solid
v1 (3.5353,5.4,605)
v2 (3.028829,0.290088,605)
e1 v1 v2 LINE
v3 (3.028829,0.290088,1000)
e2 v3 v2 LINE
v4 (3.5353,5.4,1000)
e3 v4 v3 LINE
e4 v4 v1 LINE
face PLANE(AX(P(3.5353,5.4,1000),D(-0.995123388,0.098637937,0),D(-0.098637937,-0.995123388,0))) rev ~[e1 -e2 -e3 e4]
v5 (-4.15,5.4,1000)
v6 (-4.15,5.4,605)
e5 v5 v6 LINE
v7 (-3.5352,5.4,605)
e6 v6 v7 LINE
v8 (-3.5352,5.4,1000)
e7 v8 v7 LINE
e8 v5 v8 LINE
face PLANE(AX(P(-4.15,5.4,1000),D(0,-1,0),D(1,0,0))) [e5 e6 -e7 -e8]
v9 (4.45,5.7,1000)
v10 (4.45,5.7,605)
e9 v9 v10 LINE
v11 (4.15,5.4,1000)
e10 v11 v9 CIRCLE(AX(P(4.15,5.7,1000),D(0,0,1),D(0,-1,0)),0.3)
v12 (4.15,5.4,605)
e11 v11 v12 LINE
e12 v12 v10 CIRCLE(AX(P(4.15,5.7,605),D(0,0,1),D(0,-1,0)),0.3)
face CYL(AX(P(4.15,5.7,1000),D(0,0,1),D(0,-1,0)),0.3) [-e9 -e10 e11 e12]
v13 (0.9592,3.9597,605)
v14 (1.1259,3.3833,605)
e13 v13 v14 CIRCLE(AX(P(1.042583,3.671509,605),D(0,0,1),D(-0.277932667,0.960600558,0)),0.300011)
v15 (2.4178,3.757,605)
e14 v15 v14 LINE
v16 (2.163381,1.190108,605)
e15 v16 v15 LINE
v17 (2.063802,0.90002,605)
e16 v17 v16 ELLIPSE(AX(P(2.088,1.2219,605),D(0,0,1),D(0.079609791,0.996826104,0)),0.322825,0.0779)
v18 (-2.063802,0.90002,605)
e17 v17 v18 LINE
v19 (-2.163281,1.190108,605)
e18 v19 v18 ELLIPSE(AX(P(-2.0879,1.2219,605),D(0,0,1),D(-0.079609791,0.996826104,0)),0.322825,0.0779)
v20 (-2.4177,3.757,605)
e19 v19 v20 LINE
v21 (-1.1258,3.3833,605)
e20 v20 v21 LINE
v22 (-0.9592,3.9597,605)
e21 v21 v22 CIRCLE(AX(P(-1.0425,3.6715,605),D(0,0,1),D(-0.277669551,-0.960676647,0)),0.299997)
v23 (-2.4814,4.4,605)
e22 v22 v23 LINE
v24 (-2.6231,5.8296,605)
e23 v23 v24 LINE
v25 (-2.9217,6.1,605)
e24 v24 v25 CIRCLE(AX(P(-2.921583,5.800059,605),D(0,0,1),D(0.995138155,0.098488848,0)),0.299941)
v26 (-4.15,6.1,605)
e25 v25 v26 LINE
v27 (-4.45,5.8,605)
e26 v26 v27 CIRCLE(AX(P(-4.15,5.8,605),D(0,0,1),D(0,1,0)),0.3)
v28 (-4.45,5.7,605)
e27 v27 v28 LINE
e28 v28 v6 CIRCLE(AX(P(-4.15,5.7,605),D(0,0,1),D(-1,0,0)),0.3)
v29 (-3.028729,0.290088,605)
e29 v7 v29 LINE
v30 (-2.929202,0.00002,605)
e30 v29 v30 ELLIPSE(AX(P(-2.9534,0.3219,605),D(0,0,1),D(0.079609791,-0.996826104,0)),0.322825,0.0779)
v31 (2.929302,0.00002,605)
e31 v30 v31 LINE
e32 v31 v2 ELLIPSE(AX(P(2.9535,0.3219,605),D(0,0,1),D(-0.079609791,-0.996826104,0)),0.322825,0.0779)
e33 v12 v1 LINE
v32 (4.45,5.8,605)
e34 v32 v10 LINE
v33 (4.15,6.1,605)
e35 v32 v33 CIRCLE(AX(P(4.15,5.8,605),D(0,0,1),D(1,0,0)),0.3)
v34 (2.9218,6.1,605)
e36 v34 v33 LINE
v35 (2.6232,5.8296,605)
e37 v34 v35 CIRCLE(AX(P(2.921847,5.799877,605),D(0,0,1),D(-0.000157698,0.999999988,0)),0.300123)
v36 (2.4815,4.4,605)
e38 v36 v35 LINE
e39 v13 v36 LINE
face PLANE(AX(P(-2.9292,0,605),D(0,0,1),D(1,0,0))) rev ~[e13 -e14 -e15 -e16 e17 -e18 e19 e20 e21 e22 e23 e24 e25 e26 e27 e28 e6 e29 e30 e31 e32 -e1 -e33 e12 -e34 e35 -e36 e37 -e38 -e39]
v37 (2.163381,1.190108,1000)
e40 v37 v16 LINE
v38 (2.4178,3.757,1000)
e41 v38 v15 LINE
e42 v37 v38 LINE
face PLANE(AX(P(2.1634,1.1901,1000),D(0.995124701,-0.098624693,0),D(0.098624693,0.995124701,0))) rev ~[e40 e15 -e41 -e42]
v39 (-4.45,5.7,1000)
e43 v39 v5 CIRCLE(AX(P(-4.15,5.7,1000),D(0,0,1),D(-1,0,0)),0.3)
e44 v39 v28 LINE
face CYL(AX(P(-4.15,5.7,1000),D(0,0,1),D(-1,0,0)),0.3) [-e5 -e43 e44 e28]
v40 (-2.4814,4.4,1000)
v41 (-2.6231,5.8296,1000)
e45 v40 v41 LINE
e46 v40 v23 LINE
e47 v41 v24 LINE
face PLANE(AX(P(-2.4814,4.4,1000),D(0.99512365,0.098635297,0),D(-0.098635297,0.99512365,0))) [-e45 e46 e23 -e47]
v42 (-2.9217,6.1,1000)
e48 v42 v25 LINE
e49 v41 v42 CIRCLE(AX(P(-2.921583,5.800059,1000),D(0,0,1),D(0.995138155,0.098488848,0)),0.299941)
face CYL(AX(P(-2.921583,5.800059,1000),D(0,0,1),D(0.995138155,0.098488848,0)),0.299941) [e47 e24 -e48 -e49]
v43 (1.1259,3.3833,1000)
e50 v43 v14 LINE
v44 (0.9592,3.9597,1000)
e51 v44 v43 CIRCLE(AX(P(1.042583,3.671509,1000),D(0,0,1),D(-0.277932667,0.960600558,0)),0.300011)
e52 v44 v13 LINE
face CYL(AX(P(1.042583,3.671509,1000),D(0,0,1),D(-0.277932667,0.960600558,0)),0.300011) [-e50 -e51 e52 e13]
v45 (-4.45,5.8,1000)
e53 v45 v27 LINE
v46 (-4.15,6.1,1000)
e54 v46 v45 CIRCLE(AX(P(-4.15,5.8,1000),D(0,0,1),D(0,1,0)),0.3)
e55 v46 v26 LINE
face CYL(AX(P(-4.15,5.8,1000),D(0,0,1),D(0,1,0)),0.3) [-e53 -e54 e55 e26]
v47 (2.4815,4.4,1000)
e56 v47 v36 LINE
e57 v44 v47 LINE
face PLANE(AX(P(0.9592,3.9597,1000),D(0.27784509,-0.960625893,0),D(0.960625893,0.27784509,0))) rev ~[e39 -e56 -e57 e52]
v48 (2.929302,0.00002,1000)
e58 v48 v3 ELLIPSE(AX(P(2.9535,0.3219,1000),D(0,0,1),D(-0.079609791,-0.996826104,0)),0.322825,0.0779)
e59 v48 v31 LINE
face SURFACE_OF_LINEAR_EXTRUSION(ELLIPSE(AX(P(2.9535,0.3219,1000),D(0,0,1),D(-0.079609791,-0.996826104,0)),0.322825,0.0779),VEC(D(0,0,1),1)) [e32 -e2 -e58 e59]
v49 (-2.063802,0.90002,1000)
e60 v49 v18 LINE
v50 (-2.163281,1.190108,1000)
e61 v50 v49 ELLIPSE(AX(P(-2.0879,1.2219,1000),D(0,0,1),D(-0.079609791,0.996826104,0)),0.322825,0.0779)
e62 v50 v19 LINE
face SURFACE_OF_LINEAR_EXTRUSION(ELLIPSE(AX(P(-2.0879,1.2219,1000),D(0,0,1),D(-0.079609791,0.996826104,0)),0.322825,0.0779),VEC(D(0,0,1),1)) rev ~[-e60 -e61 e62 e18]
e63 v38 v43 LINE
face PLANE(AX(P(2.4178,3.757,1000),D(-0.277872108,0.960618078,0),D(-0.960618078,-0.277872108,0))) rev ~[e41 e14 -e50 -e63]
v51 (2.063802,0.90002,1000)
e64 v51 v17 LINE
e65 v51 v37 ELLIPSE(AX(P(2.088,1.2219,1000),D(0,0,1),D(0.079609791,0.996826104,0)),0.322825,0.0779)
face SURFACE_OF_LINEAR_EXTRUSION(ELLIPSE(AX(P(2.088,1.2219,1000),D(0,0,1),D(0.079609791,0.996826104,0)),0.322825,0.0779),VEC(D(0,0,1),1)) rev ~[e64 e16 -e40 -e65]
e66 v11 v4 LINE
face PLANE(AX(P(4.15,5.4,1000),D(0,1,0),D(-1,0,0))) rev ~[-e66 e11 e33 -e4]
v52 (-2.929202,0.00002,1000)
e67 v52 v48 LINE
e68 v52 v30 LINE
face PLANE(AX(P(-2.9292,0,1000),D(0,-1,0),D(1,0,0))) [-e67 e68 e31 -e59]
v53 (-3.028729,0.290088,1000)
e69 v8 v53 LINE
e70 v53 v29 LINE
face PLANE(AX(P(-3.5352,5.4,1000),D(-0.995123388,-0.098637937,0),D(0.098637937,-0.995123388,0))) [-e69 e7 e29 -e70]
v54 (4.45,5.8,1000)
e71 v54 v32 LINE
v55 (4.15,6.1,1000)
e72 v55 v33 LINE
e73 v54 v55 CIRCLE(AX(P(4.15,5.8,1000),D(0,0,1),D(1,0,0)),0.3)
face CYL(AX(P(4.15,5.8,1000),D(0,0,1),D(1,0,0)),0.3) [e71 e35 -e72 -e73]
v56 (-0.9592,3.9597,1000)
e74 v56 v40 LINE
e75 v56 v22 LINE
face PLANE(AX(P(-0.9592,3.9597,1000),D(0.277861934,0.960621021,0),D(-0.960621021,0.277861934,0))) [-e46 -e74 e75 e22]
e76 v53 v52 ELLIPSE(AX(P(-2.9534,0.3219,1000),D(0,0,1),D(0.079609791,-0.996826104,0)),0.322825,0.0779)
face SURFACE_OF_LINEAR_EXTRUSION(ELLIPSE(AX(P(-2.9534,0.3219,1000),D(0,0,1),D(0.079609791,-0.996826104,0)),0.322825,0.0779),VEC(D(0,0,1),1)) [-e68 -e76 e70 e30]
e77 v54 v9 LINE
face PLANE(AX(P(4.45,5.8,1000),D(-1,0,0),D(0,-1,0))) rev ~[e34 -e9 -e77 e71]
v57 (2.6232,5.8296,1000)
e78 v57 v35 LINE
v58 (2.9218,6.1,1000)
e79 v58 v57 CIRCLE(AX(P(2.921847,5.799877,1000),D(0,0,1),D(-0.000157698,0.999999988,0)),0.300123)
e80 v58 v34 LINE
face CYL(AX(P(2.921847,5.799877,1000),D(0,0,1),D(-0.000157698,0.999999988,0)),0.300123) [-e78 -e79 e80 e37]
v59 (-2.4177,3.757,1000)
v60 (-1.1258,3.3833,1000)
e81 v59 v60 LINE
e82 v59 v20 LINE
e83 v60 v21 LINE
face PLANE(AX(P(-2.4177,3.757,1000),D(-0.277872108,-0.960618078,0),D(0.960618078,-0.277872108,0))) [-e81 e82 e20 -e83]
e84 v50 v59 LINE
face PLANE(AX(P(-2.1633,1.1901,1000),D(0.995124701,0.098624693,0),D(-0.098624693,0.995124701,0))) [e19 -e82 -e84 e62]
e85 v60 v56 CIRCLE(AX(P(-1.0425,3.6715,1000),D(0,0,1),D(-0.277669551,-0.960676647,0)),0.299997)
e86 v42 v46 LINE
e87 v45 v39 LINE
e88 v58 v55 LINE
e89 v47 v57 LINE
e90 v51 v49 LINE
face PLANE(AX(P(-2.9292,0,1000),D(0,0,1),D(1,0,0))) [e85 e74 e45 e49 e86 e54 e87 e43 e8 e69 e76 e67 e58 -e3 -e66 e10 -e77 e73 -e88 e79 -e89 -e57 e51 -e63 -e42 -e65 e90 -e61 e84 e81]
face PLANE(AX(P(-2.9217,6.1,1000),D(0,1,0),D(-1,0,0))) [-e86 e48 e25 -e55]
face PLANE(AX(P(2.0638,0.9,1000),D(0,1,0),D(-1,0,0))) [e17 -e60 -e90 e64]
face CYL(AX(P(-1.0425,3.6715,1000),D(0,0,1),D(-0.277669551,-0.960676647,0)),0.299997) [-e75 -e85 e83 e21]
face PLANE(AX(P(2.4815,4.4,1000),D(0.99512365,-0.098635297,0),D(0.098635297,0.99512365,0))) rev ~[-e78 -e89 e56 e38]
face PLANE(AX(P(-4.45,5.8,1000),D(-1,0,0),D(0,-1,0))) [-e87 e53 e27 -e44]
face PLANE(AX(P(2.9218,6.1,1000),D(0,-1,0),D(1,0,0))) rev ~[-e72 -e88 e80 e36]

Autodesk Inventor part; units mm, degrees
ref_plane "YZ Plane" through (0, 0, 0) normal (1, 0, 0) x (0, 1, 0)
ref_plane "XZ Plane" through (0, 0, 0) normal (0, 1, 0) x (-1, 0, 0)
ref_plane "РабПлоскость5" through (-2.9292, 0, 1000) normal (0, 0, 1) x (1, 0, 0)
sketch "Эскиз1" plane through (-2.9292, 0, 1000) normal (0, 0, 1) x (1, 0, 0)
  ellipse E0 centre (5.8827, 0.3219) end of major axis (5.857, 0.0001) minor radius 0.0779 (5.8585, 0) -> (5.958, 0.2901) ccw
  arc A0 (1.8034, 3.3833) -> (1.97, 3.9597) centre (1.8867, 3.6715) ccw
  arc A1 (3.8884, 3.9597) -> (4.0551, 3.3833) centre (3.9718, 3.6715) ccw
  line L0 (5.347, 3.757) -> (4.0551, 3.3833)
  line L1 (5.0926, 1.1901) -> (5.347, 3.757)
  ellipse E1 centre (0.8413, 1.2219) end of major axis (0.8156, 1.5437) minor radius 0.0779 (0.7659, 1.1901) -> (0.8654, 0.9) ccw
  line L2 (4.993, 0.9) -> (0.8654, 0.9)
  ellipse E2 centre (5.0172, 1.2219) end of major axis (5.0429, 1.5437) minor radius 0.0779 (4.993, 0.9) -> (5.0926, 1.1901) ccw
  line L3 (0.7659, 1.1901) -> (0.5115, 3.757)
  line L4 (1.97, 3.9597) -> (0.4478, 4.4)
  line L5 (3.8884, 3.9597) -> (5.4107, 4.4)
  line L6 (5.4107, 4.4) -> (5.5524, 5.8296)
  arc A2 (5.851, 6.1) -> (5.5524, 5.8296) centre (5.851, 5.8) ccw
  line L7 (5.851, 6.1) -> (7.0792, 6.1)
  arc A3 (7.3792, 5.8) -> (7.0792, 6.1) centre (7.0792, 5.8) ccw
  arc A4 (7.0792, 5.4) -> (7.3792, 5.7) centre (7.0792, 5.7) ccw
  line L8 (7.0792, 5.4) -> (6.4645, 5.4)
  line L9 (-0.606, 5.4) -> (-0.0995, 0.2901)
  line L10 (-1.2208, 5.4) -> (-0.606, 5.4)
  arc A5 (-1.5208, 5.7) -> (-1.2208, 5.4) centre (-1.2208, 5.7) ccw
  line L11 (-1.5208, 5.8) -> (-1.5208, 5.7)
  arc A6 (-1.2208, 6.1) -> (-1.5208, 5.8) centre (-1.2208, 5.8) ccw
  line L12 (0.0075, 6.1) -> (-1.2208, 6.1)
  arc A7 (0.3061, 5.8296) -> (0.0075, 6.1) centre (0.0075, 5.8) ccw
  line L13 (0.4478, 4.4) -> (0.3061, 5.8296)
  ellipse E3 centre (-0.0242, 0.3219) end of major axis (0.0015, 0.0001) minor radius 0.0779 (-0.0995, 0.2901) -> (0, 0) ccw
  line L14 (0, 0) -> (5.8585, 0)
  line L15 (6.4645, 5.4) -> (5.958, 0.2901)
  line L16 (7.3792, 5.8) -> (7.3792, 5.7)
  line L17 (0.5115, 3.757) -> (1.8034, 3.3833)
  point P0 (2.9292, 0)
extrude "Выдавливание1" add sketch "Эскиз1" against normal blind 395
properties part number "Uplotnitel-pazovyy395_-paz-6"
